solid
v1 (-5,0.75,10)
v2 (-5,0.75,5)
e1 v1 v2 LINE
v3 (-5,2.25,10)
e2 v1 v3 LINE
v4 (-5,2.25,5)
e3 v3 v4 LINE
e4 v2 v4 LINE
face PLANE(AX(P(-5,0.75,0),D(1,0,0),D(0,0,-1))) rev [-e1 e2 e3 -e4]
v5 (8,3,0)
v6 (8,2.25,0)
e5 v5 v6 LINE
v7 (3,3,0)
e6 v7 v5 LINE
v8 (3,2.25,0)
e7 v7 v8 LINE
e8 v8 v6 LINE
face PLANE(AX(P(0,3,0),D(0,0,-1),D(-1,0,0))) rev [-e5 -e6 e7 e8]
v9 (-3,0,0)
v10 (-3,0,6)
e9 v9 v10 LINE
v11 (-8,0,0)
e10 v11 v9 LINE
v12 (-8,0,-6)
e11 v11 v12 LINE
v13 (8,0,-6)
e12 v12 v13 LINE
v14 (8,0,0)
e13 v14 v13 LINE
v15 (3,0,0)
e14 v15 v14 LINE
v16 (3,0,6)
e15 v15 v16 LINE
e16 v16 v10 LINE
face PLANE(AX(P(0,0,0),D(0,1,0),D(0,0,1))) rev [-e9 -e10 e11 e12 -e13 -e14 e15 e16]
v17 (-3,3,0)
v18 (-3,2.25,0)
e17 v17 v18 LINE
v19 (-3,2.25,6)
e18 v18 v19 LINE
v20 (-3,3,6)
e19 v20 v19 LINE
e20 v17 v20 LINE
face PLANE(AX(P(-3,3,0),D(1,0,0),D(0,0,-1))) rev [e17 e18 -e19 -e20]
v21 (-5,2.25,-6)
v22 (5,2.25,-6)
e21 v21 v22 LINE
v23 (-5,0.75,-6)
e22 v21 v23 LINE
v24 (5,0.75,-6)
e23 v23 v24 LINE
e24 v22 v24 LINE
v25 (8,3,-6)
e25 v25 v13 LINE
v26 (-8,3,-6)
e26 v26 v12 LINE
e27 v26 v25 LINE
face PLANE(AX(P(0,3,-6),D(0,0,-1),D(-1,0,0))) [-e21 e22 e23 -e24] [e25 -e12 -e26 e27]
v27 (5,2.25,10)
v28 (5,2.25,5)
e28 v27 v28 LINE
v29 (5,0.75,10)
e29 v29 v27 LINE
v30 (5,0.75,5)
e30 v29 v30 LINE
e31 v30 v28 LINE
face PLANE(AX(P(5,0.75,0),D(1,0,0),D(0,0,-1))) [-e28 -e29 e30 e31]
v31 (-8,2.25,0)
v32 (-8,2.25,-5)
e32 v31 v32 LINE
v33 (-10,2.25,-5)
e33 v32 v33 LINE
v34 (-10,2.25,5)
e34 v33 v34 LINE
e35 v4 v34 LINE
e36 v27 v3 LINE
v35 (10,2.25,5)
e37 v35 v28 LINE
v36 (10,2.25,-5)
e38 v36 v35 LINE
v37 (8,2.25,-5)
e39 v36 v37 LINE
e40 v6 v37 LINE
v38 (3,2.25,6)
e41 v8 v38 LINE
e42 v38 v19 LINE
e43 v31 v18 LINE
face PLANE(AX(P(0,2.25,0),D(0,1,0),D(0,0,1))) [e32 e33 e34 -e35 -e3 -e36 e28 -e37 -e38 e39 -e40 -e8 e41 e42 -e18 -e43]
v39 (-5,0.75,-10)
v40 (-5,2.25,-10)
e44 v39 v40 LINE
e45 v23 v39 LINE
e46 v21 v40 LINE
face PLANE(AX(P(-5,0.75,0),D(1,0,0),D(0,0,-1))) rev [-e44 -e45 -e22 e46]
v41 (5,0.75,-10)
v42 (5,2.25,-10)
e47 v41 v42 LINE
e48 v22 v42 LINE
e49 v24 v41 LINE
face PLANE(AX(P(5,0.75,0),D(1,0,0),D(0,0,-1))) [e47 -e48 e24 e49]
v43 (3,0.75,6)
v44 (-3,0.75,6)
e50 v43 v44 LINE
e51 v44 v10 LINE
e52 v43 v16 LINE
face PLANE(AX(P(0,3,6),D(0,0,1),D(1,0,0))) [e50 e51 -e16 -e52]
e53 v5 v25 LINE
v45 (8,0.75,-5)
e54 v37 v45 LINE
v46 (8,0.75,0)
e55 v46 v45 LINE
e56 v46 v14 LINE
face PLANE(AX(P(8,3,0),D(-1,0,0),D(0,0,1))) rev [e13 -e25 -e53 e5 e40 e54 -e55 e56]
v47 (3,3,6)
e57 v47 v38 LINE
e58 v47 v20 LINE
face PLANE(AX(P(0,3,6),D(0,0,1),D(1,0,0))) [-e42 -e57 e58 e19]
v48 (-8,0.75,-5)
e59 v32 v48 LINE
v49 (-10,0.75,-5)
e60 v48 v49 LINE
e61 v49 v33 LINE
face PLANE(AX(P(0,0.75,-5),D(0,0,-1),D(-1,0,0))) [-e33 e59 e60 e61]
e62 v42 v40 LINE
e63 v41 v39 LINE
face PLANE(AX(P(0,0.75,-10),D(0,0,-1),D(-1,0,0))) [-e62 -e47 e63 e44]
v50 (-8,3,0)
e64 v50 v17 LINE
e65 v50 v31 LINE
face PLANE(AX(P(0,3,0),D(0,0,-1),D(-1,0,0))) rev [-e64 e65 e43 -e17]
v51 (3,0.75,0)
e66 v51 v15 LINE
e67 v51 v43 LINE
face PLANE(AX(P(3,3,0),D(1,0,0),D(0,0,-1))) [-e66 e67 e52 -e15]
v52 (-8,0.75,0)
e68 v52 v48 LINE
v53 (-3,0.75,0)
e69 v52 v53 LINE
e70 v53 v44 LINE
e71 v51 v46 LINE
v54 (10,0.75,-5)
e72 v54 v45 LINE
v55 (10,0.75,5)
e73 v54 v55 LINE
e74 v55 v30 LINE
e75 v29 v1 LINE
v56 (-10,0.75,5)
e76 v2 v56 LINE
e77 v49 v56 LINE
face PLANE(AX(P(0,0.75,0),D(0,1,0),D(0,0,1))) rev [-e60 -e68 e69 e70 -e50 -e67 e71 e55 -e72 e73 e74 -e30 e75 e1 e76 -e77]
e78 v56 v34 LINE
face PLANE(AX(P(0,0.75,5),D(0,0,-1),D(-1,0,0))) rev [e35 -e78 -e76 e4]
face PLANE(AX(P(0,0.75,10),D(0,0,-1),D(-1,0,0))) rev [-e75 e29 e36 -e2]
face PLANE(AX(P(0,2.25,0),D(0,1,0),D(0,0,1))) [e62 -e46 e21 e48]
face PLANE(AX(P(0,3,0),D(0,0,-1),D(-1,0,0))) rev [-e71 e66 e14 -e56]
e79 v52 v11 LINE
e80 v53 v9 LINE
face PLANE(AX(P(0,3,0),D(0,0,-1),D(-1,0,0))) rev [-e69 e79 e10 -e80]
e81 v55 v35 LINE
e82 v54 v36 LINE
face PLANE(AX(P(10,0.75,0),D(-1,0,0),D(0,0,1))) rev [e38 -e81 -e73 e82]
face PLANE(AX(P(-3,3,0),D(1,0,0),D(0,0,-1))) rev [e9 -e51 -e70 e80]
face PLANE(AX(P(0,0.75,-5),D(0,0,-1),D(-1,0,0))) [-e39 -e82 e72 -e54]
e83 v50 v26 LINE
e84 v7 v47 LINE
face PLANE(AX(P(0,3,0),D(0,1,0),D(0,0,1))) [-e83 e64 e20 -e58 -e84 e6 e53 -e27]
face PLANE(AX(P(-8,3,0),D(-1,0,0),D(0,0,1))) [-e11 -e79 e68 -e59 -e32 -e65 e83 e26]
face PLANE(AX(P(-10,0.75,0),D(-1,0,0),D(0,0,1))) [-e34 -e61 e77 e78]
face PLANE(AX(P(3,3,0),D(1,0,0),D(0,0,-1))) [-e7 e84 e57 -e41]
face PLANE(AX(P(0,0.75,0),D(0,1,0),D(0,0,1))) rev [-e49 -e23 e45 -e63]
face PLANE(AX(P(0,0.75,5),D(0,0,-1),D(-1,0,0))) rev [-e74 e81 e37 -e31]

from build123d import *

# Parameters (mm, degrees)
SKETCH1_W                = 6
SKETCH1_H                = 6
SKETCH1_W_2              = 16
BOSS_EXTRUDE2_DEPTH      = 3
SKETCH4_W                = 5
SKETCH4_H                = 10
SKETCH4_W_2              = 10
SKETCH4_H_2              = 5
BOSS_EXTRUDE3_DEPTH      = 0.75
BOSS_EXTRUDE3_DEPTH_BACK = 0.75


with BuildPart() as part:
    # Sketch1 → Boss-Extrude2 (new body)
    with BuildSketch(Plane(origin=(0, 0, 0), x_dir=(1, 0, 0), z_dir=(0, 1, 0))):
        with Locations((0, -3)):
            Rectangle(SKETCH1_W, SKETCH1_H)
        with Locations((0, 3)):
            Rectangle(SKETCH1_W_2, SKETCH1_H)
    extrude(amount=BOSS_EXTRUDE2_DEPTH)

    # Sketch4 → Boss-Extrude3 (add, two sides)
    with BuildSketch(Plane(origin=(0, 1.5, 0), x_dir=(1, 0, 0), z_dir=(0, 1, 0))) as boss_extrude3_sk:
        with Locations((-7.5, 0)):
            Rectangle(SKETCH4_W, SKETCH4_H)
        Rectangle(SKETCH4_W_2, SKETCH4_H)
        with Locations((0, 7.5)):
            Rectangle(SKETCH4_W_2, SKETCH4_H_2)
        with Locations((7.5, 0)):
            Rectangle(SKETCH4_W, SKETCH4_H)
        with Locations((0, -7.5)):
            Rectangle(SKETCH4_W_2, SKETCH4_H_2)
    extrude(amount=BOSS_EXTRUDE3_DEPTH)
    extrude(boss_extrude3_sk.sketch, amount=-BOSS_EXTRUDE3_DEPTH_BACK)


solid = part.part
